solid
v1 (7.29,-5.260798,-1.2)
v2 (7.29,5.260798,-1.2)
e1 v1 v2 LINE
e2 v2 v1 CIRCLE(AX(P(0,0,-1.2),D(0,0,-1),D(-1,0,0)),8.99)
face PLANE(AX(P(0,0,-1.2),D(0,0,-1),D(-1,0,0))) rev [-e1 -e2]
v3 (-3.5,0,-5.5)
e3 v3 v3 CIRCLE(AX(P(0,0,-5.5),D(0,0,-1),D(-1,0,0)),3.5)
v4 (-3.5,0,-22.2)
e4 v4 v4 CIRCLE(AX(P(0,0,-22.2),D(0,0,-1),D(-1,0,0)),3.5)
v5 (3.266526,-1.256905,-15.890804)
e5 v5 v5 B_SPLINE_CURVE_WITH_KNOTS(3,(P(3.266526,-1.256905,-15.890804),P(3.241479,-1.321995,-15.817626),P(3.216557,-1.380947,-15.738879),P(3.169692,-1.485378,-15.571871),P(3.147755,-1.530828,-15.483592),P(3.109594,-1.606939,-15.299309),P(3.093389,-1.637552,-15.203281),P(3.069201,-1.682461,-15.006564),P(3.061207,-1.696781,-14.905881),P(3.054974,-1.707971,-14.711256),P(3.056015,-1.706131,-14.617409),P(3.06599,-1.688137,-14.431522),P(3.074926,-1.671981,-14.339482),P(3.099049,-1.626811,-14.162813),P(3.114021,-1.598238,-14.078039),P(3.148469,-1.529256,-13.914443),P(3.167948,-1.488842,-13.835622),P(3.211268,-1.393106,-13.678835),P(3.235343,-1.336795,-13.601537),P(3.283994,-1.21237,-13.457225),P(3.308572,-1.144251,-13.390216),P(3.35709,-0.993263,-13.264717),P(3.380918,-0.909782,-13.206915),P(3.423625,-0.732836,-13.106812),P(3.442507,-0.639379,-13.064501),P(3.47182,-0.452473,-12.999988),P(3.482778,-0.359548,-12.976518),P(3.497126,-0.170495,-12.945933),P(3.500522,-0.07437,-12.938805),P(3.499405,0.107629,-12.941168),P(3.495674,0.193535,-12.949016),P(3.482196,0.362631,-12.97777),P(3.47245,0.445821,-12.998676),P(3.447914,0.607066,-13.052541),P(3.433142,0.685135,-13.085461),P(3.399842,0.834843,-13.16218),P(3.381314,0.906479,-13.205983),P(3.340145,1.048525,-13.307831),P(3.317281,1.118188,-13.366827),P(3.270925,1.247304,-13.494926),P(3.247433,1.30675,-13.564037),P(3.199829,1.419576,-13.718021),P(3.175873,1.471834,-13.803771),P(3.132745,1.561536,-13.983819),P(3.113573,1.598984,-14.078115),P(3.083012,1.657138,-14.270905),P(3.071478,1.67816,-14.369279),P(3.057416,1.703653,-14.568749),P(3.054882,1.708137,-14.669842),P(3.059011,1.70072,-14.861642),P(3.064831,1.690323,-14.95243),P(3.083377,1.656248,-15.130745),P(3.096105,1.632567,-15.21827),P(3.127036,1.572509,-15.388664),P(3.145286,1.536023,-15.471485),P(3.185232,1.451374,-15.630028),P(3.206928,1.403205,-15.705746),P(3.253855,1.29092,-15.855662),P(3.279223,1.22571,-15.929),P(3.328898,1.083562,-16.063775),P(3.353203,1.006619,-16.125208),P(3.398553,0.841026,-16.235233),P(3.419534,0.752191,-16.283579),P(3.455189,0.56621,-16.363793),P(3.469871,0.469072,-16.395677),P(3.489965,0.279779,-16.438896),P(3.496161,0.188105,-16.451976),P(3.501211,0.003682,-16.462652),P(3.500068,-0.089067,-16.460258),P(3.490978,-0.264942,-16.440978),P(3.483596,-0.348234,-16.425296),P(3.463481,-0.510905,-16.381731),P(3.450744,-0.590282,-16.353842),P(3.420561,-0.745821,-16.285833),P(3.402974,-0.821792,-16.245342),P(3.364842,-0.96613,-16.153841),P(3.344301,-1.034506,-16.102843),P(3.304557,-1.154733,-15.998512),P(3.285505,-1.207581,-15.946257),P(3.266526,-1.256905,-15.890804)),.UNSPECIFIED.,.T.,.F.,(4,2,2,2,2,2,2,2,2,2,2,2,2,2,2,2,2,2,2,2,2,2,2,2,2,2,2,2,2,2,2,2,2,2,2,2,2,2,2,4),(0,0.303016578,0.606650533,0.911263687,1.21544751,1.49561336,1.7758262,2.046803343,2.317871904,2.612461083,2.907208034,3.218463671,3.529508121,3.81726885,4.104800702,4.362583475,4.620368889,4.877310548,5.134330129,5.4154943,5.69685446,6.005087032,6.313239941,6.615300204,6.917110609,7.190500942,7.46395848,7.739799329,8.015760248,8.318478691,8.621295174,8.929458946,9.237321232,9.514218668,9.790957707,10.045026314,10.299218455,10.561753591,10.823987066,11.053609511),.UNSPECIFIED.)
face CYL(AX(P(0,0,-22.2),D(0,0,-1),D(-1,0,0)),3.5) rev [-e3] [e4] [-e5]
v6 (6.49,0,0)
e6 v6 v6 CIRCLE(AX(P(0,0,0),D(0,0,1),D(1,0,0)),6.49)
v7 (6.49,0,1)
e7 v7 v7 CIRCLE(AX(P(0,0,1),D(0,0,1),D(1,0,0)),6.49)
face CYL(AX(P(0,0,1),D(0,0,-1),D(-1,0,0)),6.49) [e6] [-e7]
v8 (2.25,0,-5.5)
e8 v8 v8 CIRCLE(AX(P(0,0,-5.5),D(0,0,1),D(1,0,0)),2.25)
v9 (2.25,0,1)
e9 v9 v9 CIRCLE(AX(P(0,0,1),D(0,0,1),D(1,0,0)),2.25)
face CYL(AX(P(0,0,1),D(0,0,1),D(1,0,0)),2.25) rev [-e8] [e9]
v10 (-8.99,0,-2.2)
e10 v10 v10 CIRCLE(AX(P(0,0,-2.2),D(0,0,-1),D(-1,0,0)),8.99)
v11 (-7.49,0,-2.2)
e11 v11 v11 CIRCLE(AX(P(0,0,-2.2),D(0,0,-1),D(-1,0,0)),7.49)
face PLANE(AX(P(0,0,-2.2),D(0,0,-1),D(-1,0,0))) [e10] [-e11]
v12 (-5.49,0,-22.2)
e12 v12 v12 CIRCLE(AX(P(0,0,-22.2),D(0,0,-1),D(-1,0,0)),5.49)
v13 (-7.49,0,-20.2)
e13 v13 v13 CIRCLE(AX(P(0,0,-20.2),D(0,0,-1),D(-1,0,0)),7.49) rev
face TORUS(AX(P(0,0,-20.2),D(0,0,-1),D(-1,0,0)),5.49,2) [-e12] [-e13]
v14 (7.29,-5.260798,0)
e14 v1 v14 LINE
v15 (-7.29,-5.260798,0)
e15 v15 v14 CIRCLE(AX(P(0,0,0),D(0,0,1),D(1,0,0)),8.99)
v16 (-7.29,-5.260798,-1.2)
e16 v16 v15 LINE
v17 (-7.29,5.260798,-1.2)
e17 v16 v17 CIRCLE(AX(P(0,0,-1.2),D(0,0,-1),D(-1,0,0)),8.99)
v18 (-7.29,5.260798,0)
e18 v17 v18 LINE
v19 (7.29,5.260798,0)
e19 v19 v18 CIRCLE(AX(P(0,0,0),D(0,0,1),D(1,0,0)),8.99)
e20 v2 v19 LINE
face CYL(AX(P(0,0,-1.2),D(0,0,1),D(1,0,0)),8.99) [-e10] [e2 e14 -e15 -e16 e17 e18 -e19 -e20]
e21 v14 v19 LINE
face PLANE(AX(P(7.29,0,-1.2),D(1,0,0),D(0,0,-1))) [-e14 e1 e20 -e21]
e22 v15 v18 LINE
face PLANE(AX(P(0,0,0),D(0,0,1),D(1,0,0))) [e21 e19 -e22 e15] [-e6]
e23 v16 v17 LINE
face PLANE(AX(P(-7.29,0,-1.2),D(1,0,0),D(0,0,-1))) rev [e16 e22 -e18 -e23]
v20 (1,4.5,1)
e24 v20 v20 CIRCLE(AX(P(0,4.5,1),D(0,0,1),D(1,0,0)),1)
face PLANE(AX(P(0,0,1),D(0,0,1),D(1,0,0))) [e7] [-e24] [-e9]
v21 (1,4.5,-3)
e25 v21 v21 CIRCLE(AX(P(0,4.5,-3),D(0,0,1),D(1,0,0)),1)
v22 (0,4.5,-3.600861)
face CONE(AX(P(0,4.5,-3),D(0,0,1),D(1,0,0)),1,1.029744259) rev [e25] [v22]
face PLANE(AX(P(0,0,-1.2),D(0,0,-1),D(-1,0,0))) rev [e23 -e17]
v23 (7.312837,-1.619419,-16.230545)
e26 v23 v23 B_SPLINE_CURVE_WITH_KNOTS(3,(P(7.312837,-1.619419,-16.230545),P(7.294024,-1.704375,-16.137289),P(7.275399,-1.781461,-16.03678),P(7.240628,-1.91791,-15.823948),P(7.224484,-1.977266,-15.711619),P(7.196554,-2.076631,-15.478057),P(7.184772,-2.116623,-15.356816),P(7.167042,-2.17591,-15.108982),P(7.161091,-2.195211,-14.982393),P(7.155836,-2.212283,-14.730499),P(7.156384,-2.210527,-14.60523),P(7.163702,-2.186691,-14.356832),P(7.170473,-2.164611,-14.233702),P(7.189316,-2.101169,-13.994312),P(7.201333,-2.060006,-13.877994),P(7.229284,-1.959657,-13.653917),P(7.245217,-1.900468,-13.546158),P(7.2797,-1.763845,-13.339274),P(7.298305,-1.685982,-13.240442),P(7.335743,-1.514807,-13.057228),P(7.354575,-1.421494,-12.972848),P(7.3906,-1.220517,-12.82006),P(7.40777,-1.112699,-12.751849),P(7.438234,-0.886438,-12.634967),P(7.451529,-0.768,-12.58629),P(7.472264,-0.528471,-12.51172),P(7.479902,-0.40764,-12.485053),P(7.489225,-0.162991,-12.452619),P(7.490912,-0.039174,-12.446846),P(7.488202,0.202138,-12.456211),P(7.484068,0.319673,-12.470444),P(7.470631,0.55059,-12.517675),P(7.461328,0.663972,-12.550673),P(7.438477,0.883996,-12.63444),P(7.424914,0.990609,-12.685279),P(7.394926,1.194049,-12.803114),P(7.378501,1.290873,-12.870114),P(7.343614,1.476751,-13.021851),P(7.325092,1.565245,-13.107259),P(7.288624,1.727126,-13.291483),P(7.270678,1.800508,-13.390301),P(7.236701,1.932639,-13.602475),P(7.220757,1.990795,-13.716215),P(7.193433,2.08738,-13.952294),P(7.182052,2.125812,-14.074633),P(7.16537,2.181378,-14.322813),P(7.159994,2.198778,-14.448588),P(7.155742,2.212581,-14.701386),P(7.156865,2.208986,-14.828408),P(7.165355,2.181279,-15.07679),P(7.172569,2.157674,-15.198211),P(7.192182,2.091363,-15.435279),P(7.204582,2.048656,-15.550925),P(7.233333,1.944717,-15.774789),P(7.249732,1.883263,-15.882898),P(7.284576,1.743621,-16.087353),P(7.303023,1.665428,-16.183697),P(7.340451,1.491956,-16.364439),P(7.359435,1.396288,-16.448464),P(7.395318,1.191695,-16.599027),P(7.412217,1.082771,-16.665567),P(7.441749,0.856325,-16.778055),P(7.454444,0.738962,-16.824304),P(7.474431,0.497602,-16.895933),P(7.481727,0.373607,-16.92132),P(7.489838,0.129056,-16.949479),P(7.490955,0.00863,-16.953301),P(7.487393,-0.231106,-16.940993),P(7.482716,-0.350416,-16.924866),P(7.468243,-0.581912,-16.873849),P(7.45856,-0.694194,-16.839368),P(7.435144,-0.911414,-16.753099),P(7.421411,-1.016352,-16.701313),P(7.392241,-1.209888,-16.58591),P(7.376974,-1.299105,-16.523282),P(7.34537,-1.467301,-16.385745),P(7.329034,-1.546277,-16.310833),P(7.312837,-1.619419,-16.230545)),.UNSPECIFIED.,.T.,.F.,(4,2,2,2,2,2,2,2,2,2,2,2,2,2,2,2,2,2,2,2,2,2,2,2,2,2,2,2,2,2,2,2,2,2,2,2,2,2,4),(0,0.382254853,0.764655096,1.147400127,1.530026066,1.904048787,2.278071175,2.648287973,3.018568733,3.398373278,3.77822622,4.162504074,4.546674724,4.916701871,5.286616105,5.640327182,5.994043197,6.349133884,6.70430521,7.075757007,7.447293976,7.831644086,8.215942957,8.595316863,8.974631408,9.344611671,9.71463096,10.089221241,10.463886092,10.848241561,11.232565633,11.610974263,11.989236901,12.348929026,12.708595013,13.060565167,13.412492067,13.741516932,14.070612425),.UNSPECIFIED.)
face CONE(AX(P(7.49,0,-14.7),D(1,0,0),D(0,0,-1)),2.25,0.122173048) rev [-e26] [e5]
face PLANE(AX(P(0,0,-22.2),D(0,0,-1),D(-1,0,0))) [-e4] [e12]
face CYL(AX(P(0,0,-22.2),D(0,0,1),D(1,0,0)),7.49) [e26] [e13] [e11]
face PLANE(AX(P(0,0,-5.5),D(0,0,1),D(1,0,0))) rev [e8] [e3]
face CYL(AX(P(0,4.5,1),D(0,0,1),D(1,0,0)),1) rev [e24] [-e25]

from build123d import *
from build123d.topology import SkipClean

# Parameters (mm, degrees)
SKETCH1_R                    = 6.49
BOSS_EXTRUDE1_DEPTH          = 1
BOSS_EXTRUDE2_DEPTH          = 1.2
SKETCH2_R                    = 8.99
BOSS_EXTRUDE3_DEPTH          = 1
SKETCH3_R                    = 7.49
BOSS_EXTRUDE4_DEPTH          = 20
F_7_0_7_DIAMETER_HOLE1_D     = 7
F_7_0_7_DIAMETER_HOLE1_DEPTH = 16.7
F_2_0MM_DOWEL_HOLE1_D        = 2
F_2_0MM_DOWEL_HOLE1_DEPTH    = 4
F_2_0MM_DOWEL_HOLE1_TIP      = 0.600860619
FILLET1_R                    = 2
F_4_5_4_5_DIAMETER_HOLE2_D   = 4.5
CUT_EXTRUDE2_REACH           = 31.073
CUT_EXTRUDE2_END_RADIUS      = 3.5
CUT_EXTRUDE2_DRAFT           = -7


with BuildPart() as part:
    # Sketch1 → Boss-Extrude1 (new body)
    with BuildSketch(Plane.XY):
        Circle(SKETCH1_R)
    extrude(amount=BOSS_EXTRUDE1_DEPTH)

    # Sketch1<3> → Boss-Extrude2 (add)
    with BuildSketch(Plane.XY):
        with BuildLine():
            ThreePointArc((-7.29, -5.260798418), (0, -8.99), (7.29, -5.260798418))
            Line((7.29, -5.260798418), (7.29, 5.260798418))
            ThreePointArc((7.29, 5.260798418), (0, 8.99), (-7.29, 5.260798418))
            Line((-7.29, 5.260798418), (-7.29, -5.260798418))
        make_face()
    extrude(amount=-BOSS_EXTRUDE2_DEPTH)

    # Sketch2 → Boss-Extrude3 (add)
    with SkipClean():  # the faces are left unmerged after this step: merging them gives an invalid solid
        with BuildSketch(Plane(origin=(0, 0, -1.2), x_dir=(-1, 0, 0), z_dir=(0, 0, -1))):
            Circle(SKETCH2_R)
        extrude(amount=BOSS_EXTRUDE3_DEPTH)

    # Sketch3 → Boss-Extrude4 (add)
    with SkipClean():  # the faces are left unmerged after this step: merging them gives an invalid solid
        with BuildSketch(Plane(origin=(0, 0, -2.2), x_dir=(-1, 0, 0), z_dir=(0, 0, -1))):
            Circle(SKETCH3_R)
        extrude(amount=BOSS_EXTRUDE4_DEPTH)

    # Ø7.0 (7) Diameter Hole1
    with Locations(Plane(origin=(0, 0, -22.2), x_dir=(-1, 0, 0), z_dir=(0, 0, -1))):
        with Locations((0, 0)):
            Hole(F_7_0_7_DIAMETER_HOLE1_D / 2, depth=F_7_0_7_DIAMETER_HOLE1_DEPTH)

    # Ø2.0mm Dowel Hole1
    with Locations(Plane.XY.offset(1)):
        with Locations((0, 4.5)):
            Hole(F_2_0MM_DOWEL_HOLE1_D / 2, depth=F_2_0MM_DOWEL_HOLE1_DEPTH)
            with Locations((0, 0, -(F_2_0MM_DOWEL_HOLE1_DEPTH + F_2_0MM_DOWEL_HOLE1_TIP / 2))):  # 118° drill point
                Cone(0, F_2_0MM_DOWEL_HOLE1_D / 2, F_2_0MM_DOWEL_HOLE1_TIP, mode=Mode.SUBTRACT)

    # Fillet1
    fillet1_edges = [part.edges().sort_by_distance(p)[0] for p in [
        (7.49, 0, -22.2),
    ]]
    fillet(fillet1_edges, radius=FILLET1_R)

    # Ø4.5 (4.5) Diameter Hole2 (through all)
    with Locations(Plane.XY.offset(1)):
        with Locations((0, 0)):
            Hole(F_4_5_4_5_DIAMETER_HOLE2_D / 2)

    # Cut-Extrude2: up to this cylinder (the profile starts outside it)
    with SkipClean():  # the faces are left unmerged after this step: merging them gives an invalid solid
        cut_extrude2_end = Plane(origin=(0, 0, -14.7), z_dir=(0, 0, -1)) * Cylinder(CUT_EXTRUDE2_END_RADIUS, 70.146, mode=Mode.PRIVATE)



with BuildPart() as cut_extrude2_long_prism_1:
    # Sketch10 → Cut-Extrude2 (the long prism of profile 1, to be tilted and cut off)
    with SkipClean():  # the faces are left unmerged after this step: merging them gives an invalid solid
        with BuildSketch(Plane(origin=(7.49, 0, 0), x_dir=(0, 0, -1), z_dir=(1, 0, 0))):
            with BuildLine():
                ThreePointArc((16.95, 0), (16.290990258, 1.590990258), (14.7, 2.25))
                ThreePointArc((14.7, 2.25), (12.45, 0), (14.7, -2.25))
                ThreePointArc((14.7, -2.25), (16.290990258, -1.590990258), (16.95, 0))
            make_face()
        extrude(amount=-CUT_EXTRUDE2_REACH)
        cut_extrude2_tool1_sides = [cut_extrude2_long_prism_1.faces().sort_by_distance(p)[0] for p in [
            (-8.0465, 2.25, -14.7),
        ]]
        draft(cut_extrude2_tool1_sides, Plane(origin=(7.49, 0, 0), x_dir=(0, 0, -1), z_dir=(1, 0, 0)), CUT_EXTRUDE2_DRAFT)  # the draft: side faces tilted about the start plane


with BuildPart() as part_1:
    with SkipClean():  # the faces are left unmerged after this step: merging them gives an invalid solid
        add(part.part)
        cut_extrude2_tool1 = cut_extrude2_long_prism_1.part - cut_extrude2_end
        add(cut_extrude2_tool1.solids().sort_by_distance((7.49, 0, -14.7))[0], mode=Mode.SUBTRACT)


solid = part_1.part
